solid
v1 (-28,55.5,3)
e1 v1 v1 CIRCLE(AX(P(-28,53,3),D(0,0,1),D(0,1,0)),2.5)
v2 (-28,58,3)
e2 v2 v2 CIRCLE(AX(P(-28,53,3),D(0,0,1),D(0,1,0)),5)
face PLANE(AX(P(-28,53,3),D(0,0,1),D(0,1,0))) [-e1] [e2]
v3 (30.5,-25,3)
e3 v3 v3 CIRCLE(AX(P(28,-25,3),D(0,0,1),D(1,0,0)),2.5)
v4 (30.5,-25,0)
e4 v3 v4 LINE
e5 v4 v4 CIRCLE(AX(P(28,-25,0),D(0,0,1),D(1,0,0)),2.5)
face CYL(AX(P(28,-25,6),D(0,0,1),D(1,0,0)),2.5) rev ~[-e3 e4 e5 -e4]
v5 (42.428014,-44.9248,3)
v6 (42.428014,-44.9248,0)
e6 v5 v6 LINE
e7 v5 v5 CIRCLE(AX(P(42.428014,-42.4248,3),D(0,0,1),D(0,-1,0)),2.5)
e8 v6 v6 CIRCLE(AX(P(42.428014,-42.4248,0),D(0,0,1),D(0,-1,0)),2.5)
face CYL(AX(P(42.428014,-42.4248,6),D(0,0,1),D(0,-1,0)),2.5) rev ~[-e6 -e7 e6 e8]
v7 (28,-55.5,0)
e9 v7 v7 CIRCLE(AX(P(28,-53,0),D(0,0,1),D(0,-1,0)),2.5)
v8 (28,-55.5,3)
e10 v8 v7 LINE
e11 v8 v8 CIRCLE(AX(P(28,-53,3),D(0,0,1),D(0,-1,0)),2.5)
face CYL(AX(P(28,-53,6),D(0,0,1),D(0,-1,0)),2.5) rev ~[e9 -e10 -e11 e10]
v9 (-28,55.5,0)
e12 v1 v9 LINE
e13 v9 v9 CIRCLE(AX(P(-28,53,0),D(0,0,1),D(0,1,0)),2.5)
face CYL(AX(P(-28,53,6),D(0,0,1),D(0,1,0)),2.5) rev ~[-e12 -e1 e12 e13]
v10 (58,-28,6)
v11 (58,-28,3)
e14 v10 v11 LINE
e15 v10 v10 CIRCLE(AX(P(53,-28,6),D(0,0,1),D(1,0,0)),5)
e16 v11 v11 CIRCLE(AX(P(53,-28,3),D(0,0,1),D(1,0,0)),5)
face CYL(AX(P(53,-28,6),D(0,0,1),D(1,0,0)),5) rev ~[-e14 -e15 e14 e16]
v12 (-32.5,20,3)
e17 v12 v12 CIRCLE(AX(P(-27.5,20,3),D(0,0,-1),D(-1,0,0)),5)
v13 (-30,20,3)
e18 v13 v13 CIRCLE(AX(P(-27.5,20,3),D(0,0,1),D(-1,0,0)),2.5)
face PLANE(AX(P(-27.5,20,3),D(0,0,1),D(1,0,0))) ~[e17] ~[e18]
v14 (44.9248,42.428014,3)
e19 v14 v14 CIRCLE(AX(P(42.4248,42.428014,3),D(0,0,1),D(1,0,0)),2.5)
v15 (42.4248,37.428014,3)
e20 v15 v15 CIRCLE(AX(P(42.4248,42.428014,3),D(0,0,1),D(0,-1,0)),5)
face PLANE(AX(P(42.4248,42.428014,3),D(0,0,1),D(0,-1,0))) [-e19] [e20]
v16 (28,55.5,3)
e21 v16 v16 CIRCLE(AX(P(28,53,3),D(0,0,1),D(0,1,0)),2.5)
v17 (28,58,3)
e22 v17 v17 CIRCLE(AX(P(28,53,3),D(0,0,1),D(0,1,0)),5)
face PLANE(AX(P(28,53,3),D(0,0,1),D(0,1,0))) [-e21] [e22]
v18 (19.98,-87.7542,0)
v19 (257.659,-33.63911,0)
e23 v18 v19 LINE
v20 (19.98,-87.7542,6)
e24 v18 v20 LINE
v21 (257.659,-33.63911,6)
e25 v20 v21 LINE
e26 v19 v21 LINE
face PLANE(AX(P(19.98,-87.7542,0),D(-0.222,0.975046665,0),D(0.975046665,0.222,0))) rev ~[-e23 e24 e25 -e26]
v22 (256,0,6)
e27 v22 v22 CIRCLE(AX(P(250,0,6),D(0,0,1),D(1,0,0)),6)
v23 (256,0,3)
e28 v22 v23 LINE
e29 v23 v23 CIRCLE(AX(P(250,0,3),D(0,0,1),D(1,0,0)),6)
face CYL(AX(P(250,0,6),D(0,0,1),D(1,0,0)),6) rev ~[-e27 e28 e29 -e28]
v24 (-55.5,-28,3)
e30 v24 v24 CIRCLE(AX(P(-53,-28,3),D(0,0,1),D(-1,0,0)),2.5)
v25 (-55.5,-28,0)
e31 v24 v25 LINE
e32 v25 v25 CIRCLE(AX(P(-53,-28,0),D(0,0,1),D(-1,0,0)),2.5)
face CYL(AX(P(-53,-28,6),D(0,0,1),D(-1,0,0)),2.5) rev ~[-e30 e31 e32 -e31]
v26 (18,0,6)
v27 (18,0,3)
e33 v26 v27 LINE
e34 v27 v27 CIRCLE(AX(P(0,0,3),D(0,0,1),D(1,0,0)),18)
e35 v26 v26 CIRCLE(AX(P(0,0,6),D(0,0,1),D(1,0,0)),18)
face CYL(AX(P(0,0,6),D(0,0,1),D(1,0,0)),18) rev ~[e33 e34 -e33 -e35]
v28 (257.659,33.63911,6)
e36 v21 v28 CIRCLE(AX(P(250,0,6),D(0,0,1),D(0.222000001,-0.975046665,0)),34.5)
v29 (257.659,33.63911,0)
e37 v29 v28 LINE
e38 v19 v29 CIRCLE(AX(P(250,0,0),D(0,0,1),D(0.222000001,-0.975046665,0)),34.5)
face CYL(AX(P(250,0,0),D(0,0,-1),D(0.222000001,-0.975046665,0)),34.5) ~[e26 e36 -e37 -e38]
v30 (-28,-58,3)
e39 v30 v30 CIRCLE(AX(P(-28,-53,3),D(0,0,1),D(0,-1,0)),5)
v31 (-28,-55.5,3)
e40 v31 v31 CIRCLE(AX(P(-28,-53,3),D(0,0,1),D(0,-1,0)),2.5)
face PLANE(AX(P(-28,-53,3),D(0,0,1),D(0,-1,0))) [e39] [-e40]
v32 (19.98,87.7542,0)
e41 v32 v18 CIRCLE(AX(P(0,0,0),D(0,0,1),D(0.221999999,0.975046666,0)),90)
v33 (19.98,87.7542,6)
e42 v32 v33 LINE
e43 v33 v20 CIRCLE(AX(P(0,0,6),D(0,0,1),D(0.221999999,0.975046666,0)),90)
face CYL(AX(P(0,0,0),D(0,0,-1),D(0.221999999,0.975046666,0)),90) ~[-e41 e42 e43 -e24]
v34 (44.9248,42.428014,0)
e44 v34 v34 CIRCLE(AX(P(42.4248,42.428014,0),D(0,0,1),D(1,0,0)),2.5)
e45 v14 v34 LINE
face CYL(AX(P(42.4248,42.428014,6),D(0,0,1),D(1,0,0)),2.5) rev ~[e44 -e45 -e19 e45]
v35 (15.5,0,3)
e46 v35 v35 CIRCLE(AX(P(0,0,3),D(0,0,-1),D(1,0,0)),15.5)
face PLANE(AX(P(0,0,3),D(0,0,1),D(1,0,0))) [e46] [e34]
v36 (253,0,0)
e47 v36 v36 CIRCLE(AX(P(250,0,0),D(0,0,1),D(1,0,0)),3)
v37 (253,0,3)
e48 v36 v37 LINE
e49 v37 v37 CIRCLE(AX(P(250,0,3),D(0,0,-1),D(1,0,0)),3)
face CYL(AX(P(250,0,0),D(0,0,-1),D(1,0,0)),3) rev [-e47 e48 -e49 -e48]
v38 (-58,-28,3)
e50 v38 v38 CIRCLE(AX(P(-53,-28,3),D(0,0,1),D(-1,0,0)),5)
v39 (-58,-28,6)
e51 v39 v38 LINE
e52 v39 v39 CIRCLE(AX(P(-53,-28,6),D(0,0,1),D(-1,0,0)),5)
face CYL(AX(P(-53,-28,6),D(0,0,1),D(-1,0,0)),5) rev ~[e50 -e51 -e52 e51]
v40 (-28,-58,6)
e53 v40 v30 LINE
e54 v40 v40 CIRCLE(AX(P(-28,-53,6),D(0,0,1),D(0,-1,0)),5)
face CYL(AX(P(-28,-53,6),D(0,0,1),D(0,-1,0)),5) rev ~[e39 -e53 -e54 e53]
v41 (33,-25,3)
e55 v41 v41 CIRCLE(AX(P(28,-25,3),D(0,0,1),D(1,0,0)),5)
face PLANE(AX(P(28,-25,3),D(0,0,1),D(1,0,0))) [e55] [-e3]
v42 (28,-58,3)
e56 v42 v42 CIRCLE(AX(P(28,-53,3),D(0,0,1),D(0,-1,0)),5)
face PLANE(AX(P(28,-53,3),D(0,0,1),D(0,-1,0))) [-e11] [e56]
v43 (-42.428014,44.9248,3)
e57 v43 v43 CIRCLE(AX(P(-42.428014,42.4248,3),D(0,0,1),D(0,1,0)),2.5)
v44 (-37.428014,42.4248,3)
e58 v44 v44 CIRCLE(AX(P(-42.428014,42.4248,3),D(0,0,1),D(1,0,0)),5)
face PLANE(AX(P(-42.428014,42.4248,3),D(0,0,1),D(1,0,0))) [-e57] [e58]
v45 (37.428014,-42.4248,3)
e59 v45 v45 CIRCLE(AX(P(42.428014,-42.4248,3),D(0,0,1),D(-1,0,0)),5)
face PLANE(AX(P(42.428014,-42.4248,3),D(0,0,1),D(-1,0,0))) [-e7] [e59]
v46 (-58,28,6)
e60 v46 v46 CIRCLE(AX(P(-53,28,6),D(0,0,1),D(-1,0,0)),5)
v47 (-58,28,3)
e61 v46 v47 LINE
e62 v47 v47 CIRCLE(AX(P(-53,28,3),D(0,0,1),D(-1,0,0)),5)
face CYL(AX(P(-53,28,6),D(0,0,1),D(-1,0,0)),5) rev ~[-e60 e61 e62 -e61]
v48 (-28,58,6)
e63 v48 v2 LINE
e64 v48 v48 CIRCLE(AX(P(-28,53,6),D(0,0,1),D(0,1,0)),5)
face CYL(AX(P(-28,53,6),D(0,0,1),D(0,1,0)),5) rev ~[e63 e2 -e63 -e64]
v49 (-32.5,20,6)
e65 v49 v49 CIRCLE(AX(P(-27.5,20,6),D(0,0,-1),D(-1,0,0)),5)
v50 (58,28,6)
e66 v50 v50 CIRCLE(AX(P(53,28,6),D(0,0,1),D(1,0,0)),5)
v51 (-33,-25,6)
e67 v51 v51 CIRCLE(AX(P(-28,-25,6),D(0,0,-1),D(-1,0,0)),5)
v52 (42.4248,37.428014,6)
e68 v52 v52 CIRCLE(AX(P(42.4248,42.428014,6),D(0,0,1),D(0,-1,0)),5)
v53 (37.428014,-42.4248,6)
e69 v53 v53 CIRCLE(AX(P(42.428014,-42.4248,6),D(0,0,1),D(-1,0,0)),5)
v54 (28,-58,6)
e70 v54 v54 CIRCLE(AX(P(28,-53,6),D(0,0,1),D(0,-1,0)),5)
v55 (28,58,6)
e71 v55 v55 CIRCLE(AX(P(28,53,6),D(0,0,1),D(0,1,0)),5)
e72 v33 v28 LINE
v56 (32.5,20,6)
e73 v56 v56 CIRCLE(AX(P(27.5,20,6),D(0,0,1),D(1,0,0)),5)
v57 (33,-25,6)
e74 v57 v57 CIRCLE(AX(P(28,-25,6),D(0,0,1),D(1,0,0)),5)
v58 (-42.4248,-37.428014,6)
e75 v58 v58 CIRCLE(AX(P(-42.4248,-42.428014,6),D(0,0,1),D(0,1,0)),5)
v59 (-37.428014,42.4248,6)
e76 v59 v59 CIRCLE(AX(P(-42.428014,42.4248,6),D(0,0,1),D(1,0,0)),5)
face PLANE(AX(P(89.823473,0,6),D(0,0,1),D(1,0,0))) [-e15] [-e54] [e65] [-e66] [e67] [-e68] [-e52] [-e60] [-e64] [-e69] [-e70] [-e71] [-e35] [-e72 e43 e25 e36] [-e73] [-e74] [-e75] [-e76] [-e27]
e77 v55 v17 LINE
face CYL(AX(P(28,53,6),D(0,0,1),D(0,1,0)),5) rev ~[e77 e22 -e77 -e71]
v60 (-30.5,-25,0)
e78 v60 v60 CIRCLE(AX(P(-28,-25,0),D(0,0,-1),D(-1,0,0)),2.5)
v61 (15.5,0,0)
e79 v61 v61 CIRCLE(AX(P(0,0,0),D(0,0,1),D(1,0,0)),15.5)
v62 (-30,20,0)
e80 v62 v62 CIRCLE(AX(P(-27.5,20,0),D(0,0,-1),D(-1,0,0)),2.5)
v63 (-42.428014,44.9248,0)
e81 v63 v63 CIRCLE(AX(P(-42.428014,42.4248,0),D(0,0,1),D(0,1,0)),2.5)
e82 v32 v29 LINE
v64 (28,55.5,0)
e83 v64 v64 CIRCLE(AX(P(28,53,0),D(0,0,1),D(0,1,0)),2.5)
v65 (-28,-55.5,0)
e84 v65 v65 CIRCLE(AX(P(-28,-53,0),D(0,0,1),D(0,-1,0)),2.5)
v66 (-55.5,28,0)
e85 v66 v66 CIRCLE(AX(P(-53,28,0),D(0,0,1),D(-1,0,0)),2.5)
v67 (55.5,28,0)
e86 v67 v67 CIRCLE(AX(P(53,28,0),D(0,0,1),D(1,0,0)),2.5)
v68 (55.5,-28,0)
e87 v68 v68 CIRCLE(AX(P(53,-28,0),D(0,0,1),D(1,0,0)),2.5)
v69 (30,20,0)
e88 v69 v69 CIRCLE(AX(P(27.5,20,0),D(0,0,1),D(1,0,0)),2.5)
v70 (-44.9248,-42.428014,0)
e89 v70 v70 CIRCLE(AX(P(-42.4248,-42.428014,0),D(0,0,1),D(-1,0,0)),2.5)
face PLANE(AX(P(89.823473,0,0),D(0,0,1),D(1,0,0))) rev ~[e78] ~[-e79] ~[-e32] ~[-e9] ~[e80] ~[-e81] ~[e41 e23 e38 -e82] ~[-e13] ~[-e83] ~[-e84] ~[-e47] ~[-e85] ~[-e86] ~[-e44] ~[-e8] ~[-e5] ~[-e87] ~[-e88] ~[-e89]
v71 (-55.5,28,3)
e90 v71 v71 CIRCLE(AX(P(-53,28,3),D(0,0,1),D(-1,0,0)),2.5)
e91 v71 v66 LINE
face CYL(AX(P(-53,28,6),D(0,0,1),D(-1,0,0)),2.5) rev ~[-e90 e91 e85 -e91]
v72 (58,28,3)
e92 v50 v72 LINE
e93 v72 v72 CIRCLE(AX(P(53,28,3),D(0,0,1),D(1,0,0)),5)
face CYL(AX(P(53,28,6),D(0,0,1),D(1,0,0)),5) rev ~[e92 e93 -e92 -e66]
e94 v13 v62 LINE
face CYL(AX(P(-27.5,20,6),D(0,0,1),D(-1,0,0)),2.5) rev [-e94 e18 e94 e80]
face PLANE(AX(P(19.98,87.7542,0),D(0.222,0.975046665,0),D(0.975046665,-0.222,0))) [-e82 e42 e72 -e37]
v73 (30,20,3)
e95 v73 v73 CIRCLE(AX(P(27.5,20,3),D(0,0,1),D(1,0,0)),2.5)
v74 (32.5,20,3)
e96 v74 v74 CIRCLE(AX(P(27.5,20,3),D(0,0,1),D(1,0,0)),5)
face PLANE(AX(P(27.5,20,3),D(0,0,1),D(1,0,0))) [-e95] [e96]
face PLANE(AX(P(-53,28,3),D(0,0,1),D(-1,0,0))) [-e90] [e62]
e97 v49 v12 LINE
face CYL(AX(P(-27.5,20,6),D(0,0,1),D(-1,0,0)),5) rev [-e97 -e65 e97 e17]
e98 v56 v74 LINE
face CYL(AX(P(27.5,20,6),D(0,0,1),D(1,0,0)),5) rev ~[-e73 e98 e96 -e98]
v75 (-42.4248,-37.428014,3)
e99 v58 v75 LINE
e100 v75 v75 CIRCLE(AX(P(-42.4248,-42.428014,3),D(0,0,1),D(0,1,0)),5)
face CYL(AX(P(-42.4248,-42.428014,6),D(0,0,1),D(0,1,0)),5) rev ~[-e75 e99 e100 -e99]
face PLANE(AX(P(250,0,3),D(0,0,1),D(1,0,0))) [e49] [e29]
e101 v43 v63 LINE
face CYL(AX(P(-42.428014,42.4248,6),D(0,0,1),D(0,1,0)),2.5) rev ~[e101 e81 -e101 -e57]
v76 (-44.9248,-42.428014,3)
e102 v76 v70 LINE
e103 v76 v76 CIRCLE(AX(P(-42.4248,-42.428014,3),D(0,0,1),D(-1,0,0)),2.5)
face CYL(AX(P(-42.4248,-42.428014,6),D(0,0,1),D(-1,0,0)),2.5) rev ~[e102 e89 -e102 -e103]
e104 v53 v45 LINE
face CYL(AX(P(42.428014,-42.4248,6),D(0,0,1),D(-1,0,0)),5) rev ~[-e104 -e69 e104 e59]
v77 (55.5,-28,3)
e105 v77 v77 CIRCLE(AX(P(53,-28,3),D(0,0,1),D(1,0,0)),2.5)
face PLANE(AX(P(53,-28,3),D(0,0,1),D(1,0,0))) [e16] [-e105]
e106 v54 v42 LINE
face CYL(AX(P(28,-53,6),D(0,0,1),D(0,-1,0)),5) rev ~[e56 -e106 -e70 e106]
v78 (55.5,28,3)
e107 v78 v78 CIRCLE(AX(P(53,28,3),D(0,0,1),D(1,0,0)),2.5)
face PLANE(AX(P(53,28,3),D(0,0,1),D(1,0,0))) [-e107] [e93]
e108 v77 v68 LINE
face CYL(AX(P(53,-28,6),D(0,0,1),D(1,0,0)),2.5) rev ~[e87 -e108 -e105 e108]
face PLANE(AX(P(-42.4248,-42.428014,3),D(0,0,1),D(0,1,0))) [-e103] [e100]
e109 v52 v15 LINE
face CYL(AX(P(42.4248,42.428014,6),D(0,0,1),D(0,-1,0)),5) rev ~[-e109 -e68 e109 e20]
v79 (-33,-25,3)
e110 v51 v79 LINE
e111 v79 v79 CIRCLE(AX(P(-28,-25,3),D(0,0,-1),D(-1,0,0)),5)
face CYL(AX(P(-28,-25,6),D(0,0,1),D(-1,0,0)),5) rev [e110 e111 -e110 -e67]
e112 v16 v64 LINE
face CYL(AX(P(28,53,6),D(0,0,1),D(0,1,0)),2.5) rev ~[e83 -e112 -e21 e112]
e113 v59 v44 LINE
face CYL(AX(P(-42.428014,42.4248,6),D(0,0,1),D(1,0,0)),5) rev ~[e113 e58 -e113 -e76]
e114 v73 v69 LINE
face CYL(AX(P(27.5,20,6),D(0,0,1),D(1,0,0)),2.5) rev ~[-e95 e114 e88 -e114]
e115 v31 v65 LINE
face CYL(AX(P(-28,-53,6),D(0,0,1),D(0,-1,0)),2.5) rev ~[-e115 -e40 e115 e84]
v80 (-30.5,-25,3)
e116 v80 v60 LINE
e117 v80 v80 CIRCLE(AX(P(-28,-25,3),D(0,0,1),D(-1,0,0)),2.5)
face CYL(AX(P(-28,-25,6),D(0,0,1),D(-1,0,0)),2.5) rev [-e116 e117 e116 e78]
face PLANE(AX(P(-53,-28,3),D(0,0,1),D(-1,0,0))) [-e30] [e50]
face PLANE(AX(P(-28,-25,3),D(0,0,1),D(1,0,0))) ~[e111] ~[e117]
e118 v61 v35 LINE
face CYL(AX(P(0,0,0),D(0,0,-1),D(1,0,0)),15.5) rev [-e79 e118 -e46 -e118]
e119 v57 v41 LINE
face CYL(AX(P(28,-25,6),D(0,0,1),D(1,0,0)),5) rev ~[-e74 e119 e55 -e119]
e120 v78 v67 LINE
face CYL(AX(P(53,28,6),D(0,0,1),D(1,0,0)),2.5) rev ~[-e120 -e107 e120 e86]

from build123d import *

# Parameters (mm, degrees)
SKETCH_R              = 3
SKETCH_R_2            = 15.5
PAD_DEPTH             = 6
SKETCH001_R           = 2.5
POCKET_DEPTH          = 10
POLARPATTERN_COUNT    = 4
SKETCH002_R           = 5
POCKET001_DEPTH       = 3
POLARPATTERN001_COUNT = 4
SKETCH003_R           = 6
POCKET002_DEPTH       = 3
SKETCH004_R           = 18
POCKET003_DEPTH       = 3
SKETCH010_R           = 2.5
POCKET007_DEPTH       = 6
SKETCH011_R           = 5
POCKET008_DEPTH       = 3
POLARPATTERN004_COUNT = 4
SKETCH012_R           = 2.5
POCKET009_DEPTH       = 6
SKETCH013_R           = 5
POCKET010_DEPTH       = 3


with BuildPart() as part:
    # Sketch → Pad (new body)
    with BuildSketch(Plane.XY):
        with BuildLine():
            ThreePointArc((19.98, 87.7542), (-90, 0), (19.98, -87.7542))
            Line((19.98, -87.7542), (257.659, -33.63911))
            ThreePointArc((257.659, -33.63911), (284.5, 0), (257.659, 33.63911))
            Line((19.98, 87.7542), (257.659, 33.63911))
        make_face()
        with Locations((250, 0)):
            Circle(SKETCH_R, mode=Mode.SUBTRACT)
        Circle(SKETCH_R_2, mode=Mode.SUBTRACT)
    extrude(amount=PAD_DEPTH)

    # Sketch001 (on Face8 of Pad) → Pocket (cut)
    with BuildSketch(Plane.XY.offset(6)):
        with Locations((42.4248, 42.428014)):
            Circle(SKETCH001_R)
    pocket = extrude(amount=-POCKET_DEPTH, mode=Mode.SUBTRACT)

    # PolarPattern: Pocket ×4 about axis
    polarpattern_axis = Axis((0, 0, 6), (0, 0, 1))
    for i in range(1, POLARPATTERN_COUNT):
        add(pocket.rotate(polarpattern_axis, i * 360 / POLARPATTERN_COUNT), mode=Mode.SUBTRACT)

    # Sketch002 (on Face5 of PolarPattern) → Pocket001 (cut)
    with BuildSketch(Plane.XY.offset(6)):
        with Locations((-42.428014, 42.4248)):
            Circle(SKETCH002_R)
    pocket001 = extrude(amount=-POCKET001_DEPTH, mode=Mode.SUBTRACT)

    # PolarPattern001: Pocket001 ×4 about axis
    polarpattern001_axis = Axis((0, 0, 6), (0, 0, 1))
    for i in range(1, POLARPATTERN001_COUNT):
        add(pocket001.rotate(polarpattern001_axis, i * 360 / POLARPATTERN001_COUNT), mode=Mode.SUBTRACT)

    # Sketch003 (on Face5 of PolarPattern001) → Pocket002 (cut)
    with BuildSketch(Plane.XY.offset(6)):
        with Locations((250, 0)):
            Circle(SKETCH003_R)
    extrude(amount=-POCKET002_DEPTH, mode=Mode.SUBTRACT)

    # Sketch004 (on Face5 of Pocket002) → Pocket003 (cut)
    with BuildSketch(Plane.XY.offset(6)):
        Circle(SKETCH004_R)
    extrude(amount=-POCKET003_DEPTH, mode=Mode.SUBTRACT)

    # Sketch010 (on Face5 of Pocket003) → Pocket007 (cut)
    with BuildSketch(Plane.XY.offset(6)):
        with Locations((53, 28)):
            Circle(SKETCH010_R)
        with Locations((53, -28)):
            Circle(SKETCH010_R)
    pocket007 = extrude(amount=-POCKET007_DEPTH, mode=Mode.SUBTRACT)

    # Sketch011 (on Face5 of Pocket007) → Pocket008 (cut)
    with BuildSketch(Plane.XY.offset(6)):
        with Locations((53, 28)):
            Circle(SKETCH011_R)
        with Locations((53, -28)):
            Circle(SKETCH011_R)
    pocket008 = extrude(amount=-POCKET008_DEPTH, mode=Mode.SUBTRACT)

    # PolarPattern004: Pocket007, Pocket008 ×4 about axis
    polarpattern004_axis = Axis((0, 0, 6), (0, 0, 1))
    for i in range(1, POLARPATTERN004_COUNT):
        add(pocket007.rotate(polarpattern004_axis, i * 360 / POLARPATTERN004_COUNT), mode=Mode.SUBTRACT)
        add(pocket008.rotate(polarpattern004_axis, i * 360 / POLARPATTERN004_COUNT), mode=Mode.SUBTRACT)

    # Sketch012 (on Face5 of PolarPattern004) → Pocket009 (cut)
    with BuildSketch(Plane.XY.offset(6)):
        with Locations((28, -25)):
            Circle(SKETCH012_R)
        with Locations((27.5, 20)):
            Circle(SKETCH012_R)
    pocket009 = extrude(amount=-POCKET009_DEPTH, mode=Mode.SUBTRACT)

    # Sketch013 (on Face5 of Pocket009) → Pocket010 (cut)
    with BuildSketch(Plane.XY.offset(6)):
        with Locations((27.5, 20)):
            Circle(SKETCH013_R)
        with Locations((28, -25)):
            Circle(SKETCH013_R)
    pocket010 = extrude(amount=-POCKET010_DEPTH, mode=Mode.SUBTRACT)

    # Mirrored: Pocket010, Pocket009 across Sketch013 V_Axis
    add(pocket010.mirror(Plane(origin=(0, 0, 6), x_dir=(0, 0, 1), z_dir=(1, 0, 0))), mode=Mode.SUBTRACT)
    add(pocket009.mirror(Plane(origin=(0, 0, 6), x_dir=(0, 0, 1), z_dir=(1, 0, 0))), mode=Mode.SUBTRACT)


solid = part.part
